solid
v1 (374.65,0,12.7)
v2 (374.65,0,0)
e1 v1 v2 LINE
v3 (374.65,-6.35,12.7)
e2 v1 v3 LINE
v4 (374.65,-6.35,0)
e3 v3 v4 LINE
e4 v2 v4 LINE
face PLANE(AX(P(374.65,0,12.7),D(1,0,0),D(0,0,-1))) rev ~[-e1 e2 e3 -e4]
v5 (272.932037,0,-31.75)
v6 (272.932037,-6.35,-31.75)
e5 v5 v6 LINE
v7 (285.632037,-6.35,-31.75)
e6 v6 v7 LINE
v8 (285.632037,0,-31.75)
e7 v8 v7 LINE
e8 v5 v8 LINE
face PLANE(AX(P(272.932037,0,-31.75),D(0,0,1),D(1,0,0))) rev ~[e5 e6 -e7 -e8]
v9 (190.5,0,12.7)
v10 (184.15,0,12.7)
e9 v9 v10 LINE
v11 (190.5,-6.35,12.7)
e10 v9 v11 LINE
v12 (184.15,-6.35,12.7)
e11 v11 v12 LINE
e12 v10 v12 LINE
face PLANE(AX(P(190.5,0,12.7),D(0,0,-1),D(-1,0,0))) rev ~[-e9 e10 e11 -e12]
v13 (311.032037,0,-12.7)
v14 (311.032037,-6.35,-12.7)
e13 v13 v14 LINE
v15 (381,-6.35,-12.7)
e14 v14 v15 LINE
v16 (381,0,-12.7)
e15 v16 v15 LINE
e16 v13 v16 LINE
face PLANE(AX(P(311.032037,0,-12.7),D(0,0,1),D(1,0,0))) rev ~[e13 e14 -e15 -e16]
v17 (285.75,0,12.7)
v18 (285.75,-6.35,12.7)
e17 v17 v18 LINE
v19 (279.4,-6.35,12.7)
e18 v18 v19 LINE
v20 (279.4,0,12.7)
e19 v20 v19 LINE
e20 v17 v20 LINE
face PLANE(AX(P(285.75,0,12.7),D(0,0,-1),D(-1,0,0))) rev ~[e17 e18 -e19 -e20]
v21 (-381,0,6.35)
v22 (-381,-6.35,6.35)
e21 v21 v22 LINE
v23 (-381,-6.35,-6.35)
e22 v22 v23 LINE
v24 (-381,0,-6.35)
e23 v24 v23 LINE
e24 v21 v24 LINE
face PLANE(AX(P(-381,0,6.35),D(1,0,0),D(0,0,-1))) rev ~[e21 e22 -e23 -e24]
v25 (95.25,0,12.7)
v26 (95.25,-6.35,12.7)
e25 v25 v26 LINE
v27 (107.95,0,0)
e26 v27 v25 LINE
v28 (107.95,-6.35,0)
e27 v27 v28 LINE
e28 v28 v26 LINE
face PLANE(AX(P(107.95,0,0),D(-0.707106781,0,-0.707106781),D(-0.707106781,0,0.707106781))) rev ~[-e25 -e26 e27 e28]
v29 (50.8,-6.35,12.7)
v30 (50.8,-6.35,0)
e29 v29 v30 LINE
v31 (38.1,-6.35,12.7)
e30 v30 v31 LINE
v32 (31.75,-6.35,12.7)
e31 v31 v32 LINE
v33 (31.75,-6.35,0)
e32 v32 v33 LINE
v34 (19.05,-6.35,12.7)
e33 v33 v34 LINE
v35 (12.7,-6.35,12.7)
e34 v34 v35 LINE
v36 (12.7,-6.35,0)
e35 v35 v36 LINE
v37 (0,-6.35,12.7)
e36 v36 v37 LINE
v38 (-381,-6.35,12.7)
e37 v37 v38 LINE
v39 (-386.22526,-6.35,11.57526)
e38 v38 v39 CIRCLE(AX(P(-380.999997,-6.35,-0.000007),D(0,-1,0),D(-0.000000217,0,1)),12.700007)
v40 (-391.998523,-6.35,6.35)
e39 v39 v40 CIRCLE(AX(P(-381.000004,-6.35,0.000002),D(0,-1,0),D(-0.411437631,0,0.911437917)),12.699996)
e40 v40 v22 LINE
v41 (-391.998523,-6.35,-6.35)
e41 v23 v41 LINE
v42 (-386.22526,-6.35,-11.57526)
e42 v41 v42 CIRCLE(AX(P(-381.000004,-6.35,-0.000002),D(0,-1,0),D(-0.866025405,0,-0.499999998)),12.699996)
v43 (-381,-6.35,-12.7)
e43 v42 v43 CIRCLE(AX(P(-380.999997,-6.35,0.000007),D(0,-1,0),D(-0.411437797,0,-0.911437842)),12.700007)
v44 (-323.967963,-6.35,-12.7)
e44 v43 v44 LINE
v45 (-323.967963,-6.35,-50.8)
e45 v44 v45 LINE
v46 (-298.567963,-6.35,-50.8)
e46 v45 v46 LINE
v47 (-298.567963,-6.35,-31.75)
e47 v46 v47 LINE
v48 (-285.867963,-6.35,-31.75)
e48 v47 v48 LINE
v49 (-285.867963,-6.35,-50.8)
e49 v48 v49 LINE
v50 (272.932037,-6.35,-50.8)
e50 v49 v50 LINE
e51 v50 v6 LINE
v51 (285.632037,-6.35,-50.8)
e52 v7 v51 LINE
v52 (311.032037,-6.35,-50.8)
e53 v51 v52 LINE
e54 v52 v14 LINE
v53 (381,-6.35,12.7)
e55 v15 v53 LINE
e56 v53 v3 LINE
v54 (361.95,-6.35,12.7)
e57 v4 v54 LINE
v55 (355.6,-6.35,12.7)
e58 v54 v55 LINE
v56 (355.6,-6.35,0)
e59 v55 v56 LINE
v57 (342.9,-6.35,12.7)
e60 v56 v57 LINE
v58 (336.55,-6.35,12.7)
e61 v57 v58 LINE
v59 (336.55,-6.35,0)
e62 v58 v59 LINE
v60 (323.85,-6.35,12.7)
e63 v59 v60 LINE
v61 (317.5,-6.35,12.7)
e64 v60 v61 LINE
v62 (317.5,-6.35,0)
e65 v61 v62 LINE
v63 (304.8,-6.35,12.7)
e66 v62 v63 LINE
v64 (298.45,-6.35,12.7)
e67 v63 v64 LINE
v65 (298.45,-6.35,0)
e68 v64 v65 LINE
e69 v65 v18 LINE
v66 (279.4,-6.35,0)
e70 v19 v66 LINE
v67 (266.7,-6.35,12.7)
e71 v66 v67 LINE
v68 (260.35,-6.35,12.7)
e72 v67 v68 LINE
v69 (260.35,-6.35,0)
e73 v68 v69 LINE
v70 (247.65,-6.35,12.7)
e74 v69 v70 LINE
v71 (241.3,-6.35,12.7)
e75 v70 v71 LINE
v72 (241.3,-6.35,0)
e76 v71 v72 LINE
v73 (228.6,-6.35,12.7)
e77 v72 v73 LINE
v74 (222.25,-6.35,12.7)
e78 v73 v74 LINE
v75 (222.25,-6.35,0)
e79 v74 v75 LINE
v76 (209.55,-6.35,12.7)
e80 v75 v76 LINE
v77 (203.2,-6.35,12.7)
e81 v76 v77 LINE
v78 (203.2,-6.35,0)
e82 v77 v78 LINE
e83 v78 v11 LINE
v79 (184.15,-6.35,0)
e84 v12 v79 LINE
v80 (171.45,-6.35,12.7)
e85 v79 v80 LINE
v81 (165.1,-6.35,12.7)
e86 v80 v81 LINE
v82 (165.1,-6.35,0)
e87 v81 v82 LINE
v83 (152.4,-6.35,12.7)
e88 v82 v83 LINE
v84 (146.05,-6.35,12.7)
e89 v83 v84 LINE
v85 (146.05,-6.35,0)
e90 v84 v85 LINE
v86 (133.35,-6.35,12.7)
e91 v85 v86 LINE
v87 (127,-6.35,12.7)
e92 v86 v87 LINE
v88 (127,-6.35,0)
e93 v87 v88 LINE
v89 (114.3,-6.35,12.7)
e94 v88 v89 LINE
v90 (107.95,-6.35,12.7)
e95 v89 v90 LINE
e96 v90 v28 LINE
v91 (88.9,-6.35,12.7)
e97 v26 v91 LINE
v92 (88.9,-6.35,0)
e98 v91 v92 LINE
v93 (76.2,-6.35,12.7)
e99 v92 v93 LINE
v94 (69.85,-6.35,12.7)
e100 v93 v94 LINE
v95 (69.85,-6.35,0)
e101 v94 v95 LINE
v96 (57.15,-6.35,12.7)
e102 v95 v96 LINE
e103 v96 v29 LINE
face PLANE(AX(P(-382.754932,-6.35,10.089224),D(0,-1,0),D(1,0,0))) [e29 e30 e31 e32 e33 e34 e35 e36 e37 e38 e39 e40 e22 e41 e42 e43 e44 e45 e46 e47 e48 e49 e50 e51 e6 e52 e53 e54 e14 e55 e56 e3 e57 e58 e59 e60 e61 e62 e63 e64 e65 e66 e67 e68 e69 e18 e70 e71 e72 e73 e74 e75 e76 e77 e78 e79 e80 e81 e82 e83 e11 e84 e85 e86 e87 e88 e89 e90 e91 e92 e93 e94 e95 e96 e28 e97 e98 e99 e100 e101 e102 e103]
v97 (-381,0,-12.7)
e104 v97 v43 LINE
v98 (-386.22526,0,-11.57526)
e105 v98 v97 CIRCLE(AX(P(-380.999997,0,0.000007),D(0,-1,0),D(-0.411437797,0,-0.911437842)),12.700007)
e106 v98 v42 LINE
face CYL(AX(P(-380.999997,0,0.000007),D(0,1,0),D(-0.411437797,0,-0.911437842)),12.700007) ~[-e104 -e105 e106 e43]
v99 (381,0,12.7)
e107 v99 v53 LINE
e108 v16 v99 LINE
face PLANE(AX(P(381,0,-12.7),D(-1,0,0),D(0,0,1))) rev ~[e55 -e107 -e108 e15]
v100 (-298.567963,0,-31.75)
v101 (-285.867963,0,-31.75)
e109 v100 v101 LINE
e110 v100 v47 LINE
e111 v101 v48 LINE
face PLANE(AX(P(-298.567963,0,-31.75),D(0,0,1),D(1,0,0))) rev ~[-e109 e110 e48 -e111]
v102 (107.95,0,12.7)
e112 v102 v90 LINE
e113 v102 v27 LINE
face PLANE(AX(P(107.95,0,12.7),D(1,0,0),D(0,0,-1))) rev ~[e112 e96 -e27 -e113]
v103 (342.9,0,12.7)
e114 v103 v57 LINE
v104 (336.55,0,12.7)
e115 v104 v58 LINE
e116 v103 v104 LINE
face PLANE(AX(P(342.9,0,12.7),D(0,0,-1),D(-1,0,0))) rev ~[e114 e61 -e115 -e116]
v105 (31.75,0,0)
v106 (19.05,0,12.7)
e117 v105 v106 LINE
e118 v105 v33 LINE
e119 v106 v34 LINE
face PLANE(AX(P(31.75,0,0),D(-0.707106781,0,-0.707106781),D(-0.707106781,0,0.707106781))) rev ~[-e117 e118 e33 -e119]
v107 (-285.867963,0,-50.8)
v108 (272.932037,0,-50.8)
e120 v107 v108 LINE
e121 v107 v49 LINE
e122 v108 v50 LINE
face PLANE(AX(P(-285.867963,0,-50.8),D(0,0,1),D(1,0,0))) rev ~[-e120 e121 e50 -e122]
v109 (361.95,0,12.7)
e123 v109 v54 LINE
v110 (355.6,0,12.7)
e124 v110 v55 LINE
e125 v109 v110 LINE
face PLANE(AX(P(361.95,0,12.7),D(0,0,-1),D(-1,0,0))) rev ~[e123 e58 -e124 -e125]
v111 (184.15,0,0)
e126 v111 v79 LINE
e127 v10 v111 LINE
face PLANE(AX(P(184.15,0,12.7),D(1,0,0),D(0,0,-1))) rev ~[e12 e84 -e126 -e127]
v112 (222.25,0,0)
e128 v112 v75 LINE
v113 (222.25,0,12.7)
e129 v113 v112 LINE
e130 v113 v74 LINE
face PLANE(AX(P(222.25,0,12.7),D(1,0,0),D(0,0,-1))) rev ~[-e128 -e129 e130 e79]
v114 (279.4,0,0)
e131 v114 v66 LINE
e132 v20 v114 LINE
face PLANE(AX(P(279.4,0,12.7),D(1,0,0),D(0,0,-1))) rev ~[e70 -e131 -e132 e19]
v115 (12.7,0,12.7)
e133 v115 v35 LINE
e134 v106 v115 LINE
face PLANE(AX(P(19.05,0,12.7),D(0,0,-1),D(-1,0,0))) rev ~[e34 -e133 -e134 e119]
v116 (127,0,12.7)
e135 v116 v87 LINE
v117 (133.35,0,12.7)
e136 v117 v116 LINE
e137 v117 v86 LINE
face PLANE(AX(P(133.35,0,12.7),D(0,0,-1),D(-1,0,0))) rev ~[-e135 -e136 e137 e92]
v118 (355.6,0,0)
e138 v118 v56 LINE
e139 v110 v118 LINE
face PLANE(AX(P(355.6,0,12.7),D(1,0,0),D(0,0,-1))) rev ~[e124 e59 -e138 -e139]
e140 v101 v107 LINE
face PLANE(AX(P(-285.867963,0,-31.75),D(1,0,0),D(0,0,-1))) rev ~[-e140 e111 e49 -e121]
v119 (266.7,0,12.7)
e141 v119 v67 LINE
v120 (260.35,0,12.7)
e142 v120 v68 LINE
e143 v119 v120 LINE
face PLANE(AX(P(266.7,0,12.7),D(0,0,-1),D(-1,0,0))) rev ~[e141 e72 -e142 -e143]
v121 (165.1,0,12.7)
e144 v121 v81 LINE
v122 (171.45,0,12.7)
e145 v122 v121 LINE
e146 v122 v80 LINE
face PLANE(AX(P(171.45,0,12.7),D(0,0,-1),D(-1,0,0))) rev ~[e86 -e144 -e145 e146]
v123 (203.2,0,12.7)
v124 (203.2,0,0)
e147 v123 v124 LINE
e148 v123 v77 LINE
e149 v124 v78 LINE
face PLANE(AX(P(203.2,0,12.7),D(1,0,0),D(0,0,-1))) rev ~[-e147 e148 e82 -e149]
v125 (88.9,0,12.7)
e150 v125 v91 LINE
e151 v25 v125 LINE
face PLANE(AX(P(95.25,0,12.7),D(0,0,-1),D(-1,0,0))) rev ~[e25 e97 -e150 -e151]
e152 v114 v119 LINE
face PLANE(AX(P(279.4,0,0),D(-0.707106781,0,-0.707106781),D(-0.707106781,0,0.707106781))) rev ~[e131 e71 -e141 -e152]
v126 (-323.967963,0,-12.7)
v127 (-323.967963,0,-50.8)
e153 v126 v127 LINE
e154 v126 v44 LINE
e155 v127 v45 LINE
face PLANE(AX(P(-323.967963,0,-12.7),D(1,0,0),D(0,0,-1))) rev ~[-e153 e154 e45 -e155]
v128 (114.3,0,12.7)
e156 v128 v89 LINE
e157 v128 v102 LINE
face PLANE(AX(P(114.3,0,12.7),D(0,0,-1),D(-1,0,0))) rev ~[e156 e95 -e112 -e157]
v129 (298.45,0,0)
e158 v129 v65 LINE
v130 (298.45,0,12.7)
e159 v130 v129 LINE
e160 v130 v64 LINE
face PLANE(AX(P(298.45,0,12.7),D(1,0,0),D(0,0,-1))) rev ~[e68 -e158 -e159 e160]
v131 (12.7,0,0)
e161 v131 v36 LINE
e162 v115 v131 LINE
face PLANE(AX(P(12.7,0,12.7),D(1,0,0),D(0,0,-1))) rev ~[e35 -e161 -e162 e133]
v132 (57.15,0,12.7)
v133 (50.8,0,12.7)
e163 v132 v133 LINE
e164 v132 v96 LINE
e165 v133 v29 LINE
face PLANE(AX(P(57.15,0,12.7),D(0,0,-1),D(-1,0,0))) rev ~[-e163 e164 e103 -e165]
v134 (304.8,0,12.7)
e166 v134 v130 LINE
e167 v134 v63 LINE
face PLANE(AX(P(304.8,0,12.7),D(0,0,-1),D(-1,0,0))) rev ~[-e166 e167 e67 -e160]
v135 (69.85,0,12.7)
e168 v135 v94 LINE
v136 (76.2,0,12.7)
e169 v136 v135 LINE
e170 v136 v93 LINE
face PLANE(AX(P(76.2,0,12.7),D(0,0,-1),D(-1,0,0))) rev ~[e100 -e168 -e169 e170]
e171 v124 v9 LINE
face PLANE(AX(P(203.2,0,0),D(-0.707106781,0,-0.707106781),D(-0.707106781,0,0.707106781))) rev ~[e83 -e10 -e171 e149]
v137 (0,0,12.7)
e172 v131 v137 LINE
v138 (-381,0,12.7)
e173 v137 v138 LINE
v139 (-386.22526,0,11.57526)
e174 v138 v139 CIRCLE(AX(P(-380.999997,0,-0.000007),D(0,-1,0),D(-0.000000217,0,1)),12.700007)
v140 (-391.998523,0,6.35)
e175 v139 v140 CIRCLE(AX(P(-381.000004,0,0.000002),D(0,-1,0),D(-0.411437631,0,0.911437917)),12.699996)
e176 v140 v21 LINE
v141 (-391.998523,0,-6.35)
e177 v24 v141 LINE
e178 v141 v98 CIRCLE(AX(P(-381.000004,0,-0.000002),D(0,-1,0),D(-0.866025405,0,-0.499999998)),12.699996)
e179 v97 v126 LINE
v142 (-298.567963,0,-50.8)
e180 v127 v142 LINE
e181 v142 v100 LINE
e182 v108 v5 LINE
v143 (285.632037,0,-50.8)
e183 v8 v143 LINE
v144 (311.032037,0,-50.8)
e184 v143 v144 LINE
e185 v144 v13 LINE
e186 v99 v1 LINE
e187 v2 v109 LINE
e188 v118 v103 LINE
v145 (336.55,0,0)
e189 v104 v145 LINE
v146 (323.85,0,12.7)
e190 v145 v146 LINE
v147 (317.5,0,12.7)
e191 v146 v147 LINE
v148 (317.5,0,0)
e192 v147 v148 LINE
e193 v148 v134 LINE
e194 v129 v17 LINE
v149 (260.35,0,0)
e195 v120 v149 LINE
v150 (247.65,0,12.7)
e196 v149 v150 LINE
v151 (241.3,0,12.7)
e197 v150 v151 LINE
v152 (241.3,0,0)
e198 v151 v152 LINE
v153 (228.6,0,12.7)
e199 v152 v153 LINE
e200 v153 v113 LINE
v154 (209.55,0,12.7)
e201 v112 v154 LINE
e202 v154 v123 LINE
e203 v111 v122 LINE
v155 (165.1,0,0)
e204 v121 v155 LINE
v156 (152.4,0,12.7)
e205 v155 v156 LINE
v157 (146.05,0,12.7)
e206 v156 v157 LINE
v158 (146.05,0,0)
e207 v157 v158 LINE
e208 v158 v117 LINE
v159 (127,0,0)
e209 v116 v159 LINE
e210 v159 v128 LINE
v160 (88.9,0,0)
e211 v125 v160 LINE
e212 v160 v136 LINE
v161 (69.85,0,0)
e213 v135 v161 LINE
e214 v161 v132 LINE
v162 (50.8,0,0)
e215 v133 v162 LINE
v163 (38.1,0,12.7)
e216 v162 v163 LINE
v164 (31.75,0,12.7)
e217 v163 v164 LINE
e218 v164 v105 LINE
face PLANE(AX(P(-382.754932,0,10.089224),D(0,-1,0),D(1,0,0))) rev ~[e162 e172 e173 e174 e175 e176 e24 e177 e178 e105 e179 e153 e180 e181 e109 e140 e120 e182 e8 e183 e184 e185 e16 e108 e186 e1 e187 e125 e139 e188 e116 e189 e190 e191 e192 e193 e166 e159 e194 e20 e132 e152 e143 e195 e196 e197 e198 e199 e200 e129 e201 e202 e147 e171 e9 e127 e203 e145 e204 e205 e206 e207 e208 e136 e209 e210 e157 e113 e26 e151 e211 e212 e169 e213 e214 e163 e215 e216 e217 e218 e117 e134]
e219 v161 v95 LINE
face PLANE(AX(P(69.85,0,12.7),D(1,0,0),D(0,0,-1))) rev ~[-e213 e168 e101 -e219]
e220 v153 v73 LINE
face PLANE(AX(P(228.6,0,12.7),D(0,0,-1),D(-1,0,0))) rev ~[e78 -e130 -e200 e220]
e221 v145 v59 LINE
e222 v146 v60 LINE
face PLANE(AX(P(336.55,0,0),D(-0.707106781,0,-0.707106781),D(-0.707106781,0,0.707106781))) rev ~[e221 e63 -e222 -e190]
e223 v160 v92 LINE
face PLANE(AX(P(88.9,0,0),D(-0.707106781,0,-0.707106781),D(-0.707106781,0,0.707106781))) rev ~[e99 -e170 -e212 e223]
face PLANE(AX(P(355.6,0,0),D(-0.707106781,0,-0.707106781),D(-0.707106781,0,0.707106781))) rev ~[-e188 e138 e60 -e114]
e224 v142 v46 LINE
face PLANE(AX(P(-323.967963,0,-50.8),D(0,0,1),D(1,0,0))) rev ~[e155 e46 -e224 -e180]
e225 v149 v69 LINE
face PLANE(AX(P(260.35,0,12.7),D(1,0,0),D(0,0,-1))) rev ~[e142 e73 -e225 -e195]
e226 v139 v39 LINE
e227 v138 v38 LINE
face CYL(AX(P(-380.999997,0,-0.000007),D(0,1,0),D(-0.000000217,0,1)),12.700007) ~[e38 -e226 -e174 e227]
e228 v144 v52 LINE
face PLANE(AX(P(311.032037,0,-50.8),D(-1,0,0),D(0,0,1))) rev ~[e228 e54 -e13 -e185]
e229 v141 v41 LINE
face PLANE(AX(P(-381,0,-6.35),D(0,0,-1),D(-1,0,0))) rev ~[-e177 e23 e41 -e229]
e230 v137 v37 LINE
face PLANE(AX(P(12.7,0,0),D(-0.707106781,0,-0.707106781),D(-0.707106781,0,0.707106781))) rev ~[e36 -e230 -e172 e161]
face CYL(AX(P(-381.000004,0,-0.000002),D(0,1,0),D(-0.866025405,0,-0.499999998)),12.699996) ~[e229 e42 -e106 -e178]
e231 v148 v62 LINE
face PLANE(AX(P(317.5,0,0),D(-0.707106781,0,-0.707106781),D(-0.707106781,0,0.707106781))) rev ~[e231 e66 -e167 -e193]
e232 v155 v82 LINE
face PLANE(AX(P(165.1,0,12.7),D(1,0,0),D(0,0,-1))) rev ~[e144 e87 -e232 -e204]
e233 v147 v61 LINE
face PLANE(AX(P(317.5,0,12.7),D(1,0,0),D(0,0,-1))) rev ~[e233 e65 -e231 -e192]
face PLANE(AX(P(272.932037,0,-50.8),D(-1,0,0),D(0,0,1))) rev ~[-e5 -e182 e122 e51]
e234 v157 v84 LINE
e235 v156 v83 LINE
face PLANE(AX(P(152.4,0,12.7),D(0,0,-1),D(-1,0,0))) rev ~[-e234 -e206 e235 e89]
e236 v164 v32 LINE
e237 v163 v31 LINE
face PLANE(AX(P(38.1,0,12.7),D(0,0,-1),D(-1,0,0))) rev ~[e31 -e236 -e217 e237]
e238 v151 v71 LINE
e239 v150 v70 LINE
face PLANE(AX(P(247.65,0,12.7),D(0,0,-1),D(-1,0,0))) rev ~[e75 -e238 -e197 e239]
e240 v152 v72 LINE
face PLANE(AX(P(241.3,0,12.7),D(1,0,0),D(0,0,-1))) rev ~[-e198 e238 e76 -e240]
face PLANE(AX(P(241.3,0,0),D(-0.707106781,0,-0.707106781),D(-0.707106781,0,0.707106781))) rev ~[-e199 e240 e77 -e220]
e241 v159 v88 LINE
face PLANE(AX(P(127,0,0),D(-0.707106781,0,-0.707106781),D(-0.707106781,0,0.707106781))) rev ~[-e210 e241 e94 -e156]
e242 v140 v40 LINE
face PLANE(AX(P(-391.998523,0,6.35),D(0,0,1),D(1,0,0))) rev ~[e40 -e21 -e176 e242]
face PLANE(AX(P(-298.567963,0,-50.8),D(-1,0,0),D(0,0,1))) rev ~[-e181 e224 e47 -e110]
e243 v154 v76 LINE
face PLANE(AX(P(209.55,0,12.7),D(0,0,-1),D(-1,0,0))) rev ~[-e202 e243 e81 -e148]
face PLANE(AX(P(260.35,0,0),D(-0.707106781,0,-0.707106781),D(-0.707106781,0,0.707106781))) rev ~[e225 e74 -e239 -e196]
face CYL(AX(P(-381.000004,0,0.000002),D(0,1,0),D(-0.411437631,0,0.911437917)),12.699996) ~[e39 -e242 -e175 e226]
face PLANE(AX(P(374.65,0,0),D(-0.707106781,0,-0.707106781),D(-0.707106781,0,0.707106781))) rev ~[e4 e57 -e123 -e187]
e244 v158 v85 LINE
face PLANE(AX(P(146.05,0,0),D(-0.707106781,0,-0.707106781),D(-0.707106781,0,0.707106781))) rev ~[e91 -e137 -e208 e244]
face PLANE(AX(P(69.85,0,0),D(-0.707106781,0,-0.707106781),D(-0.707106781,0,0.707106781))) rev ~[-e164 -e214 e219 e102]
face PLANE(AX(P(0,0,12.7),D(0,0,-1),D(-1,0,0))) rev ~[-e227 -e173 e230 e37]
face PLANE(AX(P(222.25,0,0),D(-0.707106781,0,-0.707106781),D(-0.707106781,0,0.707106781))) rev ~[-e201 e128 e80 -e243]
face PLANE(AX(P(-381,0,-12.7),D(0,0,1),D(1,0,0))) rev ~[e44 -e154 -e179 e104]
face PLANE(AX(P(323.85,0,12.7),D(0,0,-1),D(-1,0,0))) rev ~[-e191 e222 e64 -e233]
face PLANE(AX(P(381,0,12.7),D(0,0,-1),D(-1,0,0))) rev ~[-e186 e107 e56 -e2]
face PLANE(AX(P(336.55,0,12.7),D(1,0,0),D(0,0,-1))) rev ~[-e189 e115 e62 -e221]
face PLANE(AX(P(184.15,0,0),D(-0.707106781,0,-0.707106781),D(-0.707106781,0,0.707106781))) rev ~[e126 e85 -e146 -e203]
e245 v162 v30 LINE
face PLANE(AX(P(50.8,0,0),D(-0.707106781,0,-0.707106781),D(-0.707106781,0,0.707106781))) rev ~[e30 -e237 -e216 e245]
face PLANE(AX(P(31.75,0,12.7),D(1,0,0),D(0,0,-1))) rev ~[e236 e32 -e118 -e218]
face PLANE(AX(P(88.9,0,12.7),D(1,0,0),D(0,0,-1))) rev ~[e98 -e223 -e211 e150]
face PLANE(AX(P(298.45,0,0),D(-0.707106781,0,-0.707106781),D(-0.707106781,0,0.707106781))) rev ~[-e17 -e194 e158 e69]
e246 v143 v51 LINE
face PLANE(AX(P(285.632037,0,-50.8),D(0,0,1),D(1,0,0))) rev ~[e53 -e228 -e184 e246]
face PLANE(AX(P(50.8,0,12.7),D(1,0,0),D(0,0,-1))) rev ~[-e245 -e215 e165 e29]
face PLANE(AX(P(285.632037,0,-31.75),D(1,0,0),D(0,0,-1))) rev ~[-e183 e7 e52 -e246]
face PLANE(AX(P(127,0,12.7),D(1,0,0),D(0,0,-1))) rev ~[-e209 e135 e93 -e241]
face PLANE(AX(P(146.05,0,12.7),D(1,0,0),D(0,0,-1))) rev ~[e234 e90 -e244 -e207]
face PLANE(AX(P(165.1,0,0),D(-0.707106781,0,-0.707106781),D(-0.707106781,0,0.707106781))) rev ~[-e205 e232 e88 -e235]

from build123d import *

# Parameters (mm, degrees)
F1_DEPTH = 6.35


with BuildPart() as f1:
    # F0 (on Front) → F1 (new body)
    with BuildSketch(Plane.XZ):
        with BuildLine():
            Line((-381, 6.35), (-381, 12.7))
            ThreePointArc((-381, 12.7), (-383.67247, 12.415631), (-386.22526, 11.57526))
            Line((-386.22526, 11.57526), (-381, 6.35))
        make_face()
        with BuildLine():
            Line((-381, -12.7), (-381, -6.35))
            Line((-381, -6.35), (-386.22526, -11.57526))
            ThreePointArc((-386.22526, -11.57526), (-383.67247, -12.415631), (-381, -12.7))
        make_face()
        with BuildLine():
            Line((-391.998523, 6.35), (-381, 6.35))
            Line((-381, 6.35), (-386.22526, 11.57526))
            ThreePointArc((-386.22526, 11.57526), (-389.522243, 9.416017), (-391.998523, 6.35))
        make_face()
        with BuildLine():
            Line((-386.22526, -11.57526), (-381, -6.35))
            Line((-381, -6.35), (-391.998523, -6.35))
            ThreePointArc((-391.998523, -6.35), (-389.522243, -9.416017), (-386.22526, -11.57526))
        make_face()
        Polygon((311.032037, -12.7), (-323.967963, -12.7), (-323.967963, -50.8), (-298.567963, -50.8), (-298.567963, -31.75), (-285.867963, -31.75), (-285.867963, -50.8), (272.932037, -50.8), (272.932037, -31.75), (285.632037, -31.75), (285.632037, -50.8), (311.032037, -50.8), align=None)
        Polygon((0, 12.7), (-381, 12.7), (-381, 6.35), (-381, -6.35), (-381, -12.7), (-323.967963, -12.7), (311.032037, -12.7), (381, -12.7), (381, 12.7), (374.65, 12.7), (374.65, 0), (361.95, 12.7), (355.6, 12.7), (355.6, 0), (342.9, 12.7), (336.55, 12.7), (336.55, 0), (323.85, 12.7), (317.5, 12.7), (317.5, 0), (304.8, 12.7), (298.45, 12.7), (298.45, 0), (285.75, 12.7), (279.4, 12.7), (279.4, 0), (266.7, 12.7), (260.35, 12.7), (260.35, 0), (247.65, 12.7), (241.3, 12.7), (241.3, 0), (228.6, 12.7), (222.25, 12.7), (222.25, 0), (209.55, 12.7), (203.2, 12.7), (203.2, 0), (190.5, 12.7), (184.15, 12.7), (184.15, 0), (171.45, 12.7), (165.1, 12.7), (165.1, 0), (152.4, 12.7), (146.05, 12.7), (146.05, 0), (133.35, 12.7), (127, 12.7), (127, 0), (114.3, 12.7), (107.95, 12.7), (107.95, 0), (95.25, 12.7), (88.9, 12.7), (88.9, 0), (76.2, 12.7), (69.85, 12.7), (69.85, 0), (57.15, 12.7), (50.8, 12.7), (50.8, 0), (38.1, 12.7), (31.75, 12.7), (31.75, 0), (19.05, 12.7), (12.7, 12.7), (12.7, 0), align=None)
    extrude(amount=F1_DEPTH)


solid = f1.part
